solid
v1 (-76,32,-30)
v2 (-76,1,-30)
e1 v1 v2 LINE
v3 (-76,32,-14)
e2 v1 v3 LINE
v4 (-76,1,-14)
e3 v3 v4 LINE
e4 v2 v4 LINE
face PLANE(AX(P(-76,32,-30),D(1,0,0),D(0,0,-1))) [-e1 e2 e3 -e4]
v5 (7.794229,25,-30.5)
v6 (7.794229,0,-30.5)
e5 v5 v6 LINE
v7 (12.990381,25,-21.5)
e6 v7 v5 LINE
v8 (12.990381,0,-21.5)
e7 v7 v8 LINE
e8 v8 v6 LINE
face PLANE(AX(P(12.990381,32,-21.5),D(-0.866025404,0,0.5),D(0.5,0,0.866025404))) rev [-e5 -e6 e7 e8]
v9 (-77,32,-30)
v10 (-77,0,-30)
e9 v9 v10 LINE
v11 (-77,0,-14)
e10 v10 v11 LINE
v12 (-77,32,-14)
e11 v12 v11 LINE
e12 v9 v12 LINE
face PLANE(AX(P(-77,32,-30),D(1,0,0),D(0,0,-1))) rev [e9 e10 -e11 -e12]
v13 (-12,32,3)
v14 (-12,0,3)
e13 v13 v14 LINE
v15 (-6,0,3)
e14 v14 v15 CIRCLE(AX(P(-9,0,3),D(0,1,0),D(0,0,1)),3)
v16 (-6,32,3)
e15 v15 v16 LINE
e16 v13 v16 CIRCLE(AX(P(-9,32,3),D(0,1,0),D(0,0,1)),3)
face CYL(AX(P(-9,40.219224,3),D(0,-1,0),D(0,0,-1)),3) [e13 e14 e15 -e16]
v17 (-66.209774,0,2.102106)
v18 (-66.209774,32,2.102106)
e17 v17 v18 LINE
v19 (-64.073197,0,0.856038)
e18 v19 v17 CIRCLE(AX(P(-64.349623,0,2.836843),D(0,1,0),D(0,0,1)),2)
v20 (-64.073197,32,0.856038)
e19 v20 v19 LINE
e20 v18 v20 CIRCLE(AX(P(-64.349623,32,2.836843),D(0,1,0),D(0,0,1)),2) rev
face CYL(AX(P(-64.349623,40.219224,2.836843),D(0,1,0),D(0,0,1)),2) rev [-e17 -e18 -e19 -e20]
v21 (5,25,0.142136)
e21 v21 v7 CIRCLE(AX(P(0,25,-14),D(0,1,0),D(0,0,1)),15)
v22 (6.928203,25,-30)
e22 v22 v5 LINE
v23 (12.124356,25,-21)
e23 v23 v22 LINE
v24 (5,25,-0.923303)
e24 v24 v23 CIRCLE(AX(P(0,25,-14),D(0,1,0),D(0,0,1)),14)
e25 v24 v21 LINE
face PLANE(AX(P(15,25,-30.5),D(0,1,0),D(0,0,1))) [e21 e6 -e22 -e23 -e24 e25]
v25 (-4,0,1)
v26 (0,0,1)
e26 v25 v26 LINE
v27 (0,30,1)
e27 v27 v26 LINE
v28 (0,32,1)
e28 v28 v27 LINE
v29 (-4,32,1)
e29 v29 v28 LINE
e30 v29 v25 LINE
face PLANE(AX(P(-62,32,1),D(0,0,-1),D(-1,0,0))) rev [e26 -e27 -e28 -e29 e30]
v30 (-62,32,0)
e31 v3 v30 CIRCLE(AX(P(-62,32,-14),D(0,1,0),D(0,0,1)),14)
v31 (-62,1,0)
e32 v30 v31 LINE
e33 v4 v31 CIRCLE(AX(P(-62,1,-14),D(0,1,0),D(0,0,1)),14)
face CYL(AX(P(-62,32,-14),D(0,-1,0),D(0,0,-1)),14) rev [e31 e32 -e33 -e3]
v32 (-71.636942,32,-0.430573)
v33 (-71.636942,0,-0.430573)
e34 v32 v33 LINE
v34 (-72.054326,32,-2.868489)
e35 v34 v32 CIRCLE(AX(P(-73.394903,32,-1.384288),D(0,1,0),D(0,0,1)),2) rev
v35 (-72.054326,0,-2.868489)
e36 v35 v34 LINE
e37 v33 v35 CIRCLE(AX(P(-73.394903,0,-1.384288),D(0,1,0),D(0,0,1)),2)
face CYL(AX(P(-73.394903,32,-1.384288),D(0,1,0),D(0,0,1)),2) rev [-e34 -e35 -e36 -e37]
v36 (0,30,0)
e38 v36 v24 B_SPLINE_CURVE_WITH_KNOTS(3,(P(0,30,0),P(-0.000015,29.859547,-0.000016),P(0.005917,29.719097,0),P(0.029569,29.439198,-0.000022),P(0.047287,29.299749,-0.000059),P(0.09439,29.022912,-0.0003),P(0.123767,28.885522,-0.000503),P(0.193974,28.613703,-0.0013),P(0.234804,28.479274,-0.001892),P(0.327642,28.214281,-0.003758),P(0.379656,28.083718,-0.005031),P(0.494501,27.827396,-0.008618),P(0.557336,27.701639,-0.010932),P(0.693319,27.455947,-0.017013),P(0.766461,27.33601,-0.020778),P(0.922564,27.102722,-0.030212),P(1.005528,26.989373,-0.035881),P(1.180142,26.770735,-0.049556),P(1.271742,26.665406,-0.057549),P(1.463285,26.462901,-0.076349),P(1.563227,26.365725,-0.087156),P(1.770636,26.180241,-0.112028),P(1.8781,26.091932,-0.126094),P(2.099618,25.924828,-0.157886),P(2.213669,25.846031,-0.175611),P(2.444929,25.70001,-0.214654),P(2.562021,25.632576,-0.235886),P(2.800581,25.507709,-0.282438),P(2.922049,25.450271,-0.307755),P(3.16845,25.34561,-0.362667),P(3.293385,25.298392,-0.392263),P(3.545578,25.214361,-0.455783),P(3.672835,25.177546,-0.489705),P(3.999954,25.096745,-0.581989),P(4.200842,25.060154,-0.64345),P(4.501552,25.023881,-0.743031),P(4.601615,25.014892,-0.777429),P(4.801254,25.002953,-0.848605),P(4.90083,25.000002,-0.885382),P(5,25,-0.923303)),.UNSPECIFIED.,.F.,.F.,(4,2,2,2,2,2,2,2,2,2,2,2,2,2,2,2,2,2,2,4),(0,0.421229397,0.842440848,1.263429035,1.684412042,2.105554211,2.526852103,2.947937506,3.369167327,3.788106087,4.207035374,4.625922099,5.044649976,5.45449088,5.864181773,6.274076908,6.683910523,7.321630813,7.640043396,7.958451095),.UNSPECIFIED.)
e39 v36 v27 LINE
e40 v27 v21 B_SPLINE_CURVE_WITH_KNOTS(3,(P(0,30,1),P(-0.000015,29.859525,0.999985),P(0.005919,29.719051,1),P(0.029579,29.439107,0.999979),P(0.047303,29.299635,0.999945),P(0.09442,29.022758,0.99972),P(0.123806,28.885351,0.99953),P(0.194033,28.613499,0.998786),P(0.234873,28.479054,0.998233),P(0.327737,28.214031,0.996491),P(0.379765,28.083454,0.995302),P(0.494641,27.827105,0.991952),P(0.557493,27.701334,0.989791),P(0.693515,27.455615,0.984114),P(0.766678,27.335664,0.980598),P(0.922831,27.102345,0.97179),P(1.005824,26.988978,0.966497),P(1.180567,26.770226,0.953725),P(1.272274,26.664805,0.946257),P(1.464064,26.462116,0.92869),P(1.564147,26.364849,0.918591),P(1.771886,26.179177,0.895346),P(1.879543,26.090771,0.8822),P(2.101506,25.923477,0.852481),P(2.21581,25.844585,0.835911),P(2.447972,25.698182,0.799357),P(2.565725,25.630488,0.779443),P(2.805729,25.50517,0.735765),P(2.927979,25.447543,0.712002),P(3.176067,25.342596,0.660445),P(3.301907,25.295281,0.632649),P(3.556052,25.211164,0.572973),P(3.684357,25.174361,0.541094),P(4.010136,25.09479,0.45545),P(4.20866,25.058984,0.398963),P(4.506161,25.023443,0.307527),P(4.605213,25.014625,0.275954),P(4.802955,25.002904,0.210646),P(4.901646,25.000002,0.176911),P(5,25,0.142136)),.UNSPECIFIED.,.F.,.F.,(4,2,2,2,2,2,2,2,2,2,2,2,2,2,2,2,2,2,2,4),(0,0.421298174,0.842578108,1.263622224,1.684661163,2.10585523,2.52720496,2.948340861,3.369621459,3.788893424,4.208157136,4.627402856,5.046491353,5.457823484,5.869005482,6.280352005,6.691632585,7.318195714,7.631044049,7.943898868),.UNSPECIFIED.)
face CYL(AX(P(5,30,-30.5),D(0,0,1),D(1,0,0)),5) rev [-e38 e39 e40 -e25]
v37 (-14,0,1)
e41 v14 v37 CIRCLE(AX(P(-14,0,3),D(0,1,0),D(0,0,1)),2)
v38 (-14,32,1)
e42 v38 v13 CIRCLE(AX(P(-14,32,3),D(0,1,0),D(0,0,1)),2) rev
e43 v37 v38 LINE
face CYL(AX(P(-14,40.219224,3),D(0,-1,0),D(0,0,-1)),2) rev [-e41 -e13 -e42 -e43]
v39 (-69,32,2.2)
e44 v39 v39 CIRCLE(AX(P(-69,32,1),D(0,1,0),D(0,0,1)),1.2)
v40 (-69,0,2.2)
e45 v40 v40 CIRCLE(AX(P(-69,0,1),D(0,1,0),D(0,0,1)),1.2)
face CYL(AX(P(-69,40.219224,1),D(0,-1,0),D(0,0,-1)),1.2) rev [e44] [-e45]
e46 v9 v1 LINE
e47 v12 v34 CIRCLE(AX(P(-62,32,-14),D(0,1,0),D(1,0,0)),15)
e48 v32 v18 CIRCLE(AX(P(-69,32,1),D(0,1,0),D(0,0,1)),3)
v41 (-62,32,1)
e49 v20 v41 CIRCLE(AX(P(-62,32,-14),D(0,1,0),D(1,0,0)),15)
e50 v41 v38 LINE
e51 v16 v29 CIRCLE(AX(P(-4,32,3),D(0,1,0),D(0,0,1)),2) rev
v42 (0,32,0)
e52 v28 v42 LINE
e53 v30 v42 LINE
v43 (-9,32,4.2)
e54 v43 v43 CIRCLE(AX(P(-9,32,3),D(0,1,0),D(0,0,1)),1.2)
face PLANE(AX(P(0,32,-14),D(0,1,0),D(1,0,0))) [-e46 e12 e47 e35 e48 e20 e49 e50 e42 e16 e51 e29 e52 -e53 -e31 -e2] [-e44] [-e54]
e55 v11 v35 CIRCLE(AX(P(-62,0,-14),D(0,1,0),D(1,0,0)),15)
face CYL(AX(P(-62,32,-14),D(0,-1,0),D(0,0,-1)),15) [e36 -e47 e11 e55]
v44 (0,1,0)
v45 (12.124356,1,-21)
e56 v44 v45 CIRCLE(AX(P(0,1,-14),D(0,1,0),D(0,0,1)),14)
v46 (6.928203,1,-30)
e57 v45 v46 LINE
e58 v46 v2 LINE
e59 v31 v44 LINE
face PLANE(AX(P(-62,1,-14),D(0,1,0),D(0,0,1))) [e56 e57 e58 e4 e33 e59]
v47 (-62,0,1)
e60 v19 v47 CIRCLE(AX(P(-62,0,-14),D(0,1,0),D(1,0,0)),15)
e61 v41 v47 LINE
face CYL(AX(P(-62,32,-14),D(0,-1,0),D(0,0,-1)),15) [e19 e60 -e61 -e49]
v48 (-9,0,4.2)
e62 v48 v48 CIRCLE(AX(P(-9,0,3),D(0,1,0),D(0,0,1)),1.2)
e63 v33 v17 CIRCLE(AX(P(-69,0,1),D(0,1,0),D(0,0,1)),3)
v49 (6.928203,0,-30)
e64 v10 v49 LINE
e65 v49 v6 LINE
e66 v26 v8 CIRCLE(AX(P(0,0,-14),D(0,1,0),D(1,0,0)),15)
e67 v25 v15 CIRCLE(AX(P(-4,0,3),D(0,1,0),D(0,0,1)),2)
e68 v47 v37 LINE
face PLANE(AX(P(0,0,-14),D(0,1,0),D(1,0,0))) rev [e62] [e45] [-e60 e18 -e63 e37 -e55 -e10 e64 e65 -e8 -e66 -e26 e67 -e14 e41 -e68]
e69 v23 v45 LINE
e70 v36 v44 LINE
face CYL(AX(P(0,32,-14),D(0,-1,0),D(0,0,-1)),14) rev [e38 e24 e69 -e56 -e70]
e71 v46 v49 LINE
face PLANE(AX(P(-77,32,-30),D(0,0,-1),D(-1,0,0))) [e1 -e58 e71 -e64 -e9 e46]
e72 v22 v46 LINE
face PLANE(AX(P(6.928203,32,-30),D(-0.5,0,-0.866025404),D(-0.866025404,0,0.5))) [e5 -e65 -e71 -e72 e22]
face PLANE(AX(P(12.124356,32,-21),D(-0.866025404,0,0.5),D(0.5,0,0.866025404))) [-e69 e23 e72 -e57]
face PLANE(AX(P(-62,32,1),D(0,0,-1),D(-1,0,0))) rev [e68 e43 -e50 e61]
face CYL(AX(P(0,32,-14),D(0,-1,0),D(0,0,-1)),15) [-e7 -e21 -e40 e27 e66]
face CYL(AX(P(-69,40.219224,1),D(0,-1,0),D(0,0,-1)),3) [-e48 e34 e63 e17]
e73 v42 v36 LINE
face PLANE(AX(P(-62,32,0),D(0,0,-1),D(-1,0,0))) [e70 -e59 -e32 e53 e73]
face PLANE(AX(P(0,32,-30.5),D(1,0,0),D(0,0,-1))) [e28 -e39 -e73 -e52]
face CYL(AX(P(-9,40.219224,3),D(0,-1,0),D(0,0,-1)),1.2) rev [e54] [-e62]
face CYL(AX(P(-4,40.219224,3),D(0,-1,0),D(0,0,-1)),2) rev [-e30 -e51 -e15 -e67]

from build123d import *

# Parameters (mm, degrees)
EXTRU_MINCE1_DEPTH      = 32
BOSS_EXTRU_1_DEPTH      = 1
ESQUISSE3_R             = 1.2
BOSS_EXTRU_2_DEPTH      = 32
CONG_1_R                = 2
ENL_V_MAT_EXTRU_1_DEPTH = 83.37492882


with BuildPart() as part:
    # Esquisse1 → Extru.-Mince1 (new body)
    with BuildSketch(Plane(origin=(0, 0, 0), x_dir=(1, 0, 0), z_dir=(0, 1, 0))):
        with BuildLine():
            Line((-76, 30), (-76, 14))
            ThreePointArc((-76, 14), (-71.899494937, 4.100505063), (-62, 0))
            Line((-62, 0), (0, 0))
            ThreePointArc((0, 0), (12.124355653, 7), (12.124355653, 21))
            Line((12.124355653, 21), (6.92820323, 30))
            Line((6.92820323, 30), (7.794228634, 30.5))
            Line((7.794228634, 30.5), (12.990381057, 21.5))
            ThreePointArc((12.990381057, 21.5), (12.990381057, 6.5), (0, -1))
            Line((0, -1), (-62, -1))
            ThreePointArc((-62, -1), (-72.606601718, 3.393398282), (-77, 14))
            Line((-77, 14), (-77, 30))
            Line((-77, 30), (-76, 30))
        make_face()
    extrude(amount=EXTRU_MINCE1_DEPTH)

    # Esquisse2 → Boss.-Extru.1 (add)
    with BuildSketch(Plane(origin=(0, 0, 0), x_dir=(1, 0, 0), z_dir=(0, 1, 0))):
        with BuildLine():
            Line((-76, 30), (6.92820323, 30))
            Line((6.92820323, 30), (12.124355653, 21))
            ThreePointArc((12.124355653, 21), (12.124355653, 7), (0, 0))
            Line((0, 0), (-62, 0))
            ThreePointArc((-62, 0), (-71.899494937, 4.100505063), (-76, 14))
            Line((-76, 14), (-76, 30))
        make_face()
    extrude(amount=BOSS_EXTRU_1_DEPTH)

    # Esquisse3 → Boss.-Extru.2 (add)
    # profile 1 of 2: a face of its own
    with BuildSketch(Plane(origin=(0, 0, 0), x_dir=(1, 0, 0), z_dir=(0, 1, 0))):
        with BuildLine():
            Line((-11.236067977, -1), (-6.763932023, -1))
            ThreePointArc((-6.763932023, -1), (-9, -6), (-11.236067977, -1))
        make_face()
        with Locations(Location((-9, -3, 0), (0, 0, 270))):
            Circle(ESQUISSE3_R, mode=Mode.SUBTRACT)
    # profile 2 of 2: a face of its own
    with BuildSketch(Plane(origin=(0, 0, 0), x_dir=(1, 0, 0), z_dir=(0, 1, 0))):
        with BuildLine():
            ThreePointArc((-70.465946464, 1.617441683), (-70.268656396, -3.71854942), (-66.052301711, -0.442259201))
            ThreePointArc((-66.052301711, -0.442259201), (-68.34328198, 0.4072529), (-70.465946464, 1.617441683))
        make_face()
        with Locations(Location((-69, -1, 0), (0, 0, 270))):
            Circle(ESQUISSE3_R, mode=Mode.SUBTRACT)
    extrude(amount=BOSS_EXTRU_2_DEPTH)

    # Congé1
    cong_1_edges = [part.edges().sort_by_distance(p)[0] for p in [
        (-6.763932023, 16, 1),
        (-11.236067977, 16, 1),
        (-70.465946464, 16, -1.617441683),
        (-66.052301711, 16, 0.442259201),
    ]]
    fillet(cong_1_edges, radius=CONG_1_R)

    # Esquisse4 → Enlèv. mat.-Extru.1 (cut, through all)
    with BuildSketch(Plane(origin=(-7.939310229, 0, 1), x_dir=(-1, 0, 0), z_dir=(0, 0, -1))):
        with BuildLine():
            Line((-22.939310229, 32), (-7.939310229, 32))
            Line((-7.939310229, 32), (-7.939310229, 30))
            ThreePointArc((-7.939310229, 30), (-9.403776323, 26.464466094), (-12.939310229, 25))
            Line((-12.939310229, 25), (-22.939310229, 25))
            Line((-22.939310229, 25), (-22.939310229, 32))
        make_face()
    extrude(amount=ENL_V_MAT_EXTRU_1_DEPTH, mode=Mode.SUBTRACT)


solid = part.part
